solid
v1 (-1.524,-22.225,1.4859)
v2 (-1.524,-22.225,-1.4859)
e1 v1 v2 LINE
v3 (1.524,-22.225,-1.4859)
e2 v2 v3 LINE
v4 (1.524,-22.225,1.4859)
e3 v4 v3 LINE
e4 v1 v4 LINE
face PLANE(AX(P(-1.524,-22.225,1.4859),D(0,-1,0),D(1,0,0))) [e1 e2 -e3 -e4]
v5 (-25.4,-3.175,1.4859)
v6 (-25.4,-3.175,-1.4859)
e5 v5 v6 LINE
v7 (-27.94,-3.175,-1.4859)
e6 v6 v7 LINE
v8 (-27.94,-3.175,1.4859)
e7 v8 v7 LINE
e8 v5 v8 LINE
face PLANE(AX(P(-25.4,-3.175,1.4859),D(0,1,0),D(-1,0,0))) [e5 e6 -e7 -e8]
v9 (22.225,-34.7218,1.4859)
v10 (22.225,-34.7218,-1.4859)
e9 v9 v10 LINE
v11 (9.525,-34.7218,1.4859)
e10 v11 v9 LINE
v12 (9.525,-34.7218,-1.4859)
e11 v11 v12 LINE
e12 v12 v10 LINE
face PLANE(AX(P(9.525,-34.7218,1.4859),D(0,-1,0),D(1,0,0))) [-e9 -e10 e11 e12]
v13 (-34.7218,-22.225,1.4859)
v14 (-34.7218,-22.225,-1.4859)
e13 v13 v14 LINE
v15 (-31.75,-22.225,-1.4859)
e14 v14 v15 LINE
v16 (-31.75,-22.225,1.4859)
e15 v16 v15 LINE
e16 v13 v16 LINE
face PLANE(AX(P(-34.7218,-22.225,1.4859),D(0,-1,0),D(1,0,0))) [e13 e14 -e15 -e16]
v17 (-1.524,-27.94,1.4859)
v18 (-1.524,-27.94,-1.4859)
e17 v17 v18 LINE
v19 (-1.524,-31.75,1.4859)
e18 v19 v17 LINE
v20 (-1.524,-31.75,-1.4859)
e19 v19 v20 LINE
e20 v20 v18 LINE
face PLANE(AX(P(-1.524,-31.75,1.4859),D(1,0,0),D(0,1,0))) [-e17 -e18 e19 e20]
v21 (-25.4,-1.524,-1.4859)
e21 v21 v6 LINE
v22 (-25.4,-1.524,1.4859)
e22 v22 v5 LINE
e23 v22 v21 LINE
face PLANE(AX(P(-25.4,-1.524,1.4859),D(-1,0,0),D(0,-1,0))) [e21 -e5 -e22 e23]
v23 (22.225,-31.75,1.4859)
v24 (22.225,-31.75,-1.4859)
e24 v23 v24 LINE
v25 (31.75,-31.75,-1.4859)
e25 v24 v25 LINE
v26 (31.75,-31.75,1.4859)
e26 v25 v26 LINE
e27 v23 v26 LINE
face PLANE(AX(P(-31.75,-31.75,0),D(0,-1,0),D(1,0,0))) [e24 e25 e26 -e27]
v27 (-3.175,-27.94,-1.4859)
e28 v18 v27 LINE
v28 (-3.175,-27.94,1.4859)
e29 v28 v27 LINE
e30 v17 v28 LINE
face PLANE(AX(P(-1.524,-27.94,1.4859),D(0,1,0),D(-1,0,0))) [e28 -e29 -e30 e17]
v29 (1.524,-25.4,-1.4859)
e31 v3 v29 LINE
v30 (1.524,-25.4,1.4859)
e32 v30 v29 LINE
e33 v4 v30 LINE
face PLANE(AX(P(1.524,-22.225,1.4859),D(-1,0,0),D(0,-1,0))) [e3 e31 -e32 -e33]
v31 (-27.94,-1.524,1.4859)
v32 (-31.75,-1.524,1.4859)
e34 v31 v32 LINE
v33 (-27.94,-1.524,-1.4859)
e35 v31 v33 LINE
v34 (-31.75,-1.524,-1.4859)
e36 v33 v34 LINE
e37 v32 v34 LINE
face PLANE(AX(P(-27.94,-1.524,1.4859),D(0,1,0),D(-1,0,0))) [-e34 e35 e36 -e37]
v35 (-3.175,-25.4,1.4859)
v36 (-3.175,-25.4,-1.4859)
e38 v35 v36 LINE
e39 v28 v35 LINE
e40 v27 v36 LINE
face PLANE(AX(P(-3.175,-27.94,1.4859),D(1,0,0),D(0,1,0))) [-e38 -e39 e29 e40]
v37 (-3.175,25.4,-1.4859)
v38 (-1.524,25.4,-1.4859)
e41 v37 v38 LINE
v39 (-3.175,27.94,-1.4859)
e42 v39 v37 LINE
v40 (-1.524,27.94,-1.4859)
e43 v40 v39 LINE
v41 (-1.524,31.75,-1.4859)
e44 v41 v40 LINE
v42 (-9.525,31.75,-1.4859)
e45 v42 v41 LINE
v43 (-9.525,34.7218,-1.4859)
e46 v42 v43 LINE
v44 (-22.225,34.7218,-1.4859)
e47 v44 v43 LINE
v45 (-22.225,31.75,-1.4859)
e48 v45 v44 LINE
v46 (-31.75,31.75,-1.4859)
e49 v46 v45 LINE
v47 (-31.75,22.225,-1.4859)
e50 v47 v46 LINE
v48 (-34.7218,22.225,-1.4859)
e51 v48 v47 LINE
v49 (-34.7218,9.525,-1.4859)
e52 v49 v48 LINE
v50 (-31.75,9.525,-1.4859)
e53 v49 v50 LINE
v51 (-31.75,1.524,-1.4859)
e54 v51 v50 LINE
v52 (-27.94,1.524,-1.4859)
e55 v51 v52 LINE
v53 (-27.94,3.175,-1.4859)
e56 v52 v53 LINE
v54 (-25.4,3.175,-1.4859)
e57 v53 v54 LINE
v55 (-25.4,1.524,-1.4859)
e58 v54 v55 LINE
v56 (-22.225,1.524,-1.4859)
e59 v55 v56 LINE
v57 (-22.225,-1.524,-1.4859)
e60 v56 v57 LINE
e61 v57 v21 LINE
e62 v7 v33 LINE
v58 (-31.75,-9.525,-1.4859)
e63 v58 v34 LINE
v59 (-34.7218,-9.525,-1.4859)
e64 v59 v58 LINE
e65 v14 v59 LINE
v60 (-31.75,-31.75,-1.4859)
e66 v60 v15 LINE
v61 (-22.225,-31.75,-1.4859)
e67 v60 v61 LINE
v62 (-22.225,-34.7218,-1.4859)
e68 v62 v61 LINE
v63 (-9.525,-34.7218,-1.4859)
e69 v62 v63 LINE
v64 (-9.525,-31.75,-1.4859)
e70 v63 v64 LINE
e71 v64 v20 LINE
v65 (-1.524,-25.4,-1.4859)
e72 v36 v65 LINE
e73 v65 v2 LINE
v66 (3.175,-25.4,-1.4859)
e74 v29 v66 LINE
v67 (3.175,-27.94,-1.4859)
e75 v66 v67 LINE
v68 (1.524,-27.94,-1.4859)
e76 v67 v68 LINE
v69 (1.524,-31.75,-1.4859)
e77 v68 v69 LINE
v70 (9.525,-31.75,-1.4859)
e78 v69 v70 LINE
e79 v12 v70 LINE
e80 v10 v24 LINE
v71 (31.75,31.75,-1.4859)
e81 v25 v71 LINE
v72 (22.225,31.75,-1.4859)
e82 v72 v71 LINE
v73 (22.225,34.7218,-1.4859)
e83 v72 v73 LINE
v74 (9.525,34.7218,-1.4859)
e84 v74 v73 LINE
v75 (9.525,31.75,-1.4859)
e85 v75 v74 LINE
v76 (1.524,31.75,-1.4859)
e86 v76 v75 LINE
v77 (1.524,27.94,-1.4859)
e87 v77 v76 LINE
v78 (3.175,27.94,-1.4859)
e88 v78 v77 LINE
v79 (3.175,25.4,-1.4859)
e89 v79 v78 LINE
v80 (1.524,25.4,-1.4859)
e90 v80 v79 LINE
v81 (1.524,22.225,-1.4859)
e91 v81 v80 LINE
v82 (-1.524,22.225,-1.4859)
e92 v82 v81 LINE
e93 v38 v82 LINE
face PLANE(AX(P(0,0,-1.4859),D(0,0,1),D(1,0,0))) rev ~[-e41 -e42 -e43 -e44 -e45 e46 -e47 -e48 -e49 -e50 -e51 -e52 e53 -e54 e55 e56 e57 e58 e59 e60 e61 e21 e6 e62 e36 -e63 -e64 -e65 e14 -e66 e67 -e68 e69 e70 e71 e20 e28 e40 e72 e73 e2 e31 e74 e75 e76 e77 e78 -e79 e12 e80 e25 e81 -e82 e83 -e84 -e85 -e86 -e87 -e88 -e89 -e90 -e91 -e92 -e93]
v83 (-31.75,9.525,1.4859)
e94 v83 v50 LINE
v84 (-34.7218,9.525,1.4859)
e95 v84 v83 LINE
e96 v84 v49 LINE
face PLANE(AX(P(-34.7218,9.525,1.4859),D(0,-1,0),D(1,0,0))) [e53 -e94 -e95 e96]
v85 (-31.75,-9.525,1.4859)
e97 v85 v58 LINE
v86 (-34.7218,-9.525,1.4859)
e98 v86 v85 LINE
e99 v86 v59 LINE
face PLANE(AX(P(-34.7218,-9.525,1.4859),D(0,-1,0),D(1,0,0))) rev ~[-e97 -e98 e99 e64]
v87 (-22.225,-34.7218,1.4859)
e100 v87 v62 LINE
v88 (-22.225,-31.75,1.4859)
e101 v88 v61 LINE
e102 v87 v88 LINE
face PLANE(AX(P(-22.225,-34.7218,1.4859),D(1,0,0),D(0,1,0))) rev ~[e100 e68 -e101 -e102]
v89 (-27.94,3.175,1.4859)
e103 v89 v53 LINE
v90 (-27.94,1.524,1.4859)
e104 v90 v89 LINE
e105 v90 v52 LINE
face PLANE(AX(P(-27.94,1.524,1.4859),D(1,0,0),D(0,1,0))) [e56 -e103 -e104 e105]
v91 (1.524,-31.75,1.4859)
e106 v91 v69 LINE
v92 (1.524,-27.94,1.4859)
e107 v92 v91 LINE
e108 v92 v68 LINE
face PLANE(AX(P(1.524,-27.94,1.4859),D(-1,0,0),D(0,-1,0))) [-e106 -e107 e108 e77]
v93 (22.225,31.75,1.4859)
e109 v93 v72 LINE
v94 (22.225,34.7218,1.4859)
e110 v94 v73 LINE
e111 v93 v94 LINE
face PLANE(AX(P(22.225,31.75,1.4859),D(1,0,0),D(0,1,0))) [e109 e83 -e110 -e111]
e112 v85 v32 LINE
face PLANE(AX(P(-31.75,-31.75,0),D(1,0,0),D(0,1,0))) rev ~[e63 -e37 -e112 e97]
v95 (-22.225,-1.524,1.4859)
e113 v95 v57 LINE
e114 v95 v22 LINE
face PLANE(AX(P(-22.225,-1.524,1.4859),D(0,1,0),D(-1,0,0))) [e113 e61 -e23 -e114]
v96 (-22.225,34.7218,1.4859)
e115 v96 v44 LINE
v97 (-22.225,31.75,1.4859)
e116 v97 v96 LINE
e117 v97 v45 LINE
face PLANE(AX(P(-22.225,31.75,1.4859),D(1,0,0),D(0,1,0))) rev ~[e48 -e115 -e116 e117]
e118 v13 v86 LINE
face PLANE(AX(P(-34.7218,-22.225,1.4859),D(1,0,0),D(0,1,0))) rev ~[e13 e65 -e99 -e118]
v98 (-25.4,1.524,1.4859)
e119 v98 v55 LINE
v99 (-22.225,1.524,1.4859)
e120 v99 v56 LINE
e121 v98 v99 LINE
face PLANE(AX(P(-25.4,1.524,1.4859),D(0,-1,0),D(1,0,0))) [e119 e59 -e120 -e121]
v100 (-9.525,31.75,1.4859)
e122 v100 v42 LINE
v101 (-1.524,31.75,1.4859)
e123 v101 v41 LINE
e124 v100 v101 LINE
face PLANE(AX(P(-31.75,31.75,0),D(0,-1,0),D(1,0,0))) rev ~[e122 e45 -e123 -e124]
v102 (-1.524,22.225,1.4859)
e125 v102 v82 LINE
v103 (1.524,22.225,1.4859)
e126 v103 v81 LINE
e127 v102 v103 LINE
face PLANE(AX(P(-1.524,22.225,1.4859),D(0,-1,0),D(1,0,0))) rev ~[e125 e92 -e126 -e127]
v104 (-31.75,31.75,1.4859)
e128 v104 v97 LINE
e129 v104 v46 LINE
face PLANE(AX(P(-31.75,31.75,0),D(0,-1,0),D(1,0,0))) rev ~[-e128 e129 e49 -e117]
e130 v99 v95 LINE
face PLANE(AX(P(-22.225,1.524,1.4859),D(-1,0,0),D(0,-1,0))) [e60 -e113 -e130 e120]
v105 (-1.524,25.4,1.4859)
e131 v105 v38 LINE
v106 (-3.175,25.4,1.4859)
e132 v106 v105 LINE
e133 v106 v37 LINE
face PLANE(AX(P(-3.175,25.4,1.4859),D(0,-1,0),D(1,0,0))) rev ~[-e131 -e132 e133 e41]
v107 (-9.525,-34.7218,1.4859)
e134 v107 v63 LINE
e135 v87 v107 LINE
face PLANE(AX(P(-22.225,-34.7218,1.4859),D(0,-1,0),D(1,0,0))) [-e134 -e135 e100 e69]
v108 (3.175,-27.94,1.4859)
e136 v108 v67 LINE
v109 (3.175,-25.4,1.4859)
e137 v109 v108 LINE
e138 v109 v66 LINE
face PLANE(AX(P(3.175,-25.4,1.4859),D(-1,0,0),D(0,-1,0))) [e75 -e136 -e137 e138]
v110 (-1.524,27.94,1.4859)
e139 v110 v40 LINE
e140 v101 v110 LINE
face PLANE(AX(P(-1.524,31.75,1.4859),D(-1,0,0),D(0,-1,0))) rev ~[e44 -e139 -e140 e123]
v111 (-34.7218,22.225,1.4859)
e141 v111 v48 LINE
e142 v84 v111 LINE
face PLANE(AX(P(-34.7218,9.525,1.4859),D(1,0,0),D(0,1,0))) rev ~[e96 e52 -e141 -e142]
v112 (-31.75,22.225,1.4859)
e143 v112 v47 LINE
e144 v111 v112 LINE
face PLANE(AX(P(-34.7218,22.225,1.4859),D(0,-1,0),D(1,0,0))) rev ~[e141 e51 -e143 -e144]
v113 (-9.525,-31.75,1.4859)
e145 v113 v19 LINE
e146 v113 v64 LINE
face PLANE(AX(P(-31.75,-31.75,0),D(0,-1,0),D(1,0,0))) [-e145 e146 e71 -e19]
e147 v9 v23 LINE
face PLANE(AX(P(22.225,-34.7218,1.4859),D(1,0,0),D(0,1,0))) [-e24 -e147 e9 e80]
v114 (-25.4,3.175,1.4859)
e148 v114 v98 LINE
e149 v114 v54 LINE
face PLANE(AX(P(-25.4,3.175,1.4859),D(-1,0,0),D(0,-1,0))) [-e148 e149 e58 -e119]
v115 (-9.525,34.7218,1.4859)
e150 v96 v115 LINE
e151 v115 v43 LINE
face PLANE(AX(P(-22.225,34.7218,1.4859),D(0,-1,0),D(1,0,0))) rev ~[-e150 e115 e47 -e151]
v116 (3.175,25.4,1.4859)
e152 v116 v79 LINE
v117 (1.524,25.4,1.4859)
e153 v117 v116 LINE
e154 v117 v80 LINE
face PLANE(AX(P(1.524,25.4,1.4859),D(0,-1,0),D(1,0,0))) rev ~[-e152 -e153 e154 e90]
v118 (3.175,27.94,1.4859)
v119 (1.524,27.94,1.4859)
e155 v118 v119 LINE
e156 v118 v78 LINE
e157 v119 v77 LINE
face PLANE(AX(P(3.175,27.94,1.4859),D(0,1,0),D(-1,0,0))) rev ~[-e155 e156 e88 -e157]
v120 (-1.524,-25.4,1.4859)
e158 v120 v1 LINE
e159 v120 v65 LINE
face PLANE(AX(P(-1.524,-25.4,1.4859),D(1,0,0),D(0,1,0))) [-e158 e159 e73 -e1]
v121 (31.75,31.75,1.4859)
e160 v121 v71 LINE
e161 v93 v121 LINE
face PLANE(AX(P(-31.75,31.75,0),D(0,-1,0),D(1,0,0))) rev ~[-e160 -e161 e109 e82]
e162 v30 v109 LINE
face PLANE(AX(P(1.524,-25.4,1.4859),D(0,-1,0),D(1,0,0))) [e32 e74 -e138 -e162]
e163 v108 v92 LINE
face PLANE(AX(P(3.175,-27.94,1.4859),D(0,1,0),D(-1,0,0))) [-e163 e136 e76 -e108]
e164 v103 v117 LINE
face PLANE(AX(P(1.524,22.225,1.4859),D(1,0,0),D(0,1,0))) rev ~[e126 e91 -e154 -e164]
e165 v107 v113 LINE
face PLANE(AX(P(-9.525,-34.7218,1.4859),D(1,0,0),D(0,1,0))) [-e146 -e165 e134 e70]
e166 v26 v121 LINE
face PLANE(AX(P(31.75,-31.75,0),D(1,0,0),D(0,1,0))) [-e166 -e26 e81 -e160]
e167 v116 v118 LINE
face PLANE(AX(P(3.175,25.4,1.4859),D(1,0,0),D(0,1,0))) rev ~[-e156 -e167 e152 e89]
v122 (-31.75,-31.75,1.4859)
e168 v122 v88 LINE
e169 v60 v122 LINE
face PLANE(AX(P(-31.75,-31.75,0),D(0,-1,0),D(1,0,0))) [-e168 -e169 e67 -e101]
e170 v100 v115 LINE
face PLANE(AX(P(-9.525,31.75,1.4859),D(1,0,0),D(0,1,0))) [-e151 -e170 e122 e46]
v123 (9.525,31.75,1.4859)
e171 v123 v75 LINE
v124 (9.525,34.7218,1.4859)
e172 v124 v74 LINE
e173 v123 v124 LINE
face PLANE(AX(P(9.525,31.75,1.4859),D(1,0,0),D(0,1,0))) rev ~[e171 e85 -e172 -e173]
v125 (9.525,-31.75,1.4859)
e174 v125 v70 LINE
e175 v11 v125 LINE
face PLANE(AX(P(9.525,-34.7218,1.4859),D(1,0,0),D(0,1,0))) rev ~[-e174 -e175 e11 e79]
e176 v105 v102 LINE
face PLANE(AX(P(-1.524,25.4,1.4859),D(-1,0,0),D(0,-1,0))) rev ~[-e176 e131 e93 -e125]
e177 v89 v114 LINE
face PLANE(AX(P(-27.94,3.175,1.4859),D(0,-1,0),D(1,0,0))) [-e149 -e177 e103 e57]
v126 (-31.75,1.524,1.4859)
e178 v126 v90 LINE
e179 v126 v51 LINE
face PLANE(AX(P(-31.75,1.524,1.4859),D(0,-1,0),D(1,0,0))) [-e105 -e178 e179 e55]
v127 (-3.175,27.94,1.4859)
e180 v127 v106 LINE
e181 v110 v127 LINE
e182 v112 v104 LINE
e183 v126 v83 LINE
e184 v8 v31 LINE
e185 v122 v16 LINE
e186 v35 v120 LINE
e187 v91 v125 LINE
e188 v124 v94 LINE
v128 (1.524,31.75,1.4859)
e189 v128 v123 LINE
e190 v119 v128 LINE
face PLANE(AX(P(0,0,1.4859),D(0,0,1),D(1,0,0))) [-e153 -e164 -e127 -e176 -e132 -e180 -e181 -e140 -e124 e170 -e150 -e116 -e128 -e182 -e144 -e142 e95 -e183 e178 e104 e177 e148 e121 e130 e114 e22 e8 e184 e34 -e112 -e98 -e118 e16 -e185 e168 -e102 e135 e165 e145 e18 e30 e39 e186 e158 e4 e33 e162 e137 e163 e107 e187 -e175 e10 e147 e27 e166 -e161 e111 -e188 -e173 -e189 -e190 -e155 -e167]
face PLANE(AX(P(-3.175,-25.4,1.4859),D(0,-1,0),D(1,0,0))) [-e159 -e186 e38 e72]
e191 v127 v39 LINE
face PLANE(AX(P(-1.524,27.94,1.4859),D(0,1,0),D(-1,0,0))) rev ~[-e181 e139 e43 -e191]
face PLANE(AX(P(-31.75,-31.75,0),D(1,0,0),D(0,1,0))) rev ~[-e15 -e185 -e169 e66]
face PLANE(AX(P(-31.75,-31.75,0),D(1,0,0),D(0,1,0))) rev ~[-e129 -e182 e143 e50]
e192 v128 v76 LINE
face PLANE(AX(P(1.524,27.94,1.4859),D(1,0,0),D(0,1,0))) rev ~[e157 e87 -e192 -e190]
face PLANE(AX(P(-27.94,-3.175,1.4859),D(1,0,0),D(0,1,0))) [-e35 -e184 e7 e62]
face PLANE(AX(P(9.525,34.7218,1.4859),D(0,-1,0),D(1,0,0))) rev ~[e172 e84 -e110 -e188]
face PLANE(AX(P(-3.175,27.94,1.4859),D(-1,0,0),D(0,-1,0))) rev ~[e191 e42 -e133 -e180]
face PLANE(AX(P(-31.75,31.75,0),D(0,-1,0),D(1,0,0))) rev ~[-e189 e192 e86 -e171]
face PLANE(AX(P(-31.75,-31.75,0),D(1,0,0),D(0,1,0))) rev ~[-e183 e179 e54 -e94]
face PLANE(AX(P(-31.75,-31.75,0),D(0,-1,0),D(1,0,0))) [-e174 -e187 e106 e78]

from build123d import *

# Parameters (mm, degrees)
SKETCH1_W           = 63.5
SKETCH1_H           = 63.5
BOSS_EXTRUDE1_DEPTH = 1.4859
CUT_EXTRUDE1_DEPTH  = 45.999517722
SKETCH3_W           = 12.7
SKETCH3_H           = 2.9718
SKETCH3_W_2         = 2.9718
SKETCH3_H_2         = 12.7
BOSS_EXTRUDE2_DEPTH = 2.9718


with BuildPart() as part:
    # Sketch1 → Boss-Extrude1 (new, symmetric)
    with BuildSketch(Plane.XY):
        Rectangle(SKETCH1_W, SKETCH1_H)
    extrude(amount=BOSS_EXTRUDE1_DEPTH, both=True)

    # Sketch2 → Cut-Extrude1 (cut, through all)
    with BuildSketch(Plane.XY.offset(1.4859)):
        Polygon((-1.524, -31.75), (-1.524, -27.94), (-3.175, -27.94), (-3.175, -25.4), (-1.524, -25.4), (-1.524, -22.225), (1.524, -22.225), (1.524, -25.4), (3.175, -25.4), (3.175, -27.94), (1.524, -27.94), (1.524, -31.75), align=None)
        Polygon((-31.75, 1.524), (-27.94, 1.524), (-27.94, 3.175), (-25.4, 3.175), (-25.4, 1.524), (-22.225, 1.524), (-22.225, -1.524), (-25.4, -1.524), (-25.4, -3.175), (-27.94, -3.175), (-27.94, -1.524), (-31.75, -1.524), align=None)
        Polygon((-1.524, 31.75), (-1.524, 27.94), (-3.175, 27.94), (-3.175, 25.4), (-1.524, 25.4), (-1.524, 22.225), (1.524, 22.225), (1.524, 25.4), (3.175, 25.4), (3.175, 27.94), (1.524, 27.94), (1.524, 31.75), align=None)
    extrude(amount=-CUT_EXTRUDE1_DEPTH, mode=Mode.SUBTRACT)

    # Sketch3 → Boss-Extrude2 (add)
    with BuildSketch(Plane.XY.offset(1.4859)):
        with Locations((-15.875, -33.2359)):
            Rectangle(SKETCH3_W, SKETCH3_H)
        with Locations((15.875, -33.2359)):
            Rectangle(SKETCH3_W, SKETCH3_H)
        with Locations((-33.2359, 15.875)):
            Rectangle(SKETCH3_W_2, SKETCH3_H_2)
        with Locations((-33.2359, -15.875)):
            Rectangle(SKETCH3_W_2, SKETCH3_H_2)
        with Locations((15.875, 33.2359)):
            Rectangle(SKETCH3_W, SKETCH3_H)
        with Locations((-15.875, 33.2359)):
            Rectangle(SKETCH3_W, SKETCH3_H)
    extrude(amount=-BOSS_EXTRUDE2_DEPTH)


solid = part.part
